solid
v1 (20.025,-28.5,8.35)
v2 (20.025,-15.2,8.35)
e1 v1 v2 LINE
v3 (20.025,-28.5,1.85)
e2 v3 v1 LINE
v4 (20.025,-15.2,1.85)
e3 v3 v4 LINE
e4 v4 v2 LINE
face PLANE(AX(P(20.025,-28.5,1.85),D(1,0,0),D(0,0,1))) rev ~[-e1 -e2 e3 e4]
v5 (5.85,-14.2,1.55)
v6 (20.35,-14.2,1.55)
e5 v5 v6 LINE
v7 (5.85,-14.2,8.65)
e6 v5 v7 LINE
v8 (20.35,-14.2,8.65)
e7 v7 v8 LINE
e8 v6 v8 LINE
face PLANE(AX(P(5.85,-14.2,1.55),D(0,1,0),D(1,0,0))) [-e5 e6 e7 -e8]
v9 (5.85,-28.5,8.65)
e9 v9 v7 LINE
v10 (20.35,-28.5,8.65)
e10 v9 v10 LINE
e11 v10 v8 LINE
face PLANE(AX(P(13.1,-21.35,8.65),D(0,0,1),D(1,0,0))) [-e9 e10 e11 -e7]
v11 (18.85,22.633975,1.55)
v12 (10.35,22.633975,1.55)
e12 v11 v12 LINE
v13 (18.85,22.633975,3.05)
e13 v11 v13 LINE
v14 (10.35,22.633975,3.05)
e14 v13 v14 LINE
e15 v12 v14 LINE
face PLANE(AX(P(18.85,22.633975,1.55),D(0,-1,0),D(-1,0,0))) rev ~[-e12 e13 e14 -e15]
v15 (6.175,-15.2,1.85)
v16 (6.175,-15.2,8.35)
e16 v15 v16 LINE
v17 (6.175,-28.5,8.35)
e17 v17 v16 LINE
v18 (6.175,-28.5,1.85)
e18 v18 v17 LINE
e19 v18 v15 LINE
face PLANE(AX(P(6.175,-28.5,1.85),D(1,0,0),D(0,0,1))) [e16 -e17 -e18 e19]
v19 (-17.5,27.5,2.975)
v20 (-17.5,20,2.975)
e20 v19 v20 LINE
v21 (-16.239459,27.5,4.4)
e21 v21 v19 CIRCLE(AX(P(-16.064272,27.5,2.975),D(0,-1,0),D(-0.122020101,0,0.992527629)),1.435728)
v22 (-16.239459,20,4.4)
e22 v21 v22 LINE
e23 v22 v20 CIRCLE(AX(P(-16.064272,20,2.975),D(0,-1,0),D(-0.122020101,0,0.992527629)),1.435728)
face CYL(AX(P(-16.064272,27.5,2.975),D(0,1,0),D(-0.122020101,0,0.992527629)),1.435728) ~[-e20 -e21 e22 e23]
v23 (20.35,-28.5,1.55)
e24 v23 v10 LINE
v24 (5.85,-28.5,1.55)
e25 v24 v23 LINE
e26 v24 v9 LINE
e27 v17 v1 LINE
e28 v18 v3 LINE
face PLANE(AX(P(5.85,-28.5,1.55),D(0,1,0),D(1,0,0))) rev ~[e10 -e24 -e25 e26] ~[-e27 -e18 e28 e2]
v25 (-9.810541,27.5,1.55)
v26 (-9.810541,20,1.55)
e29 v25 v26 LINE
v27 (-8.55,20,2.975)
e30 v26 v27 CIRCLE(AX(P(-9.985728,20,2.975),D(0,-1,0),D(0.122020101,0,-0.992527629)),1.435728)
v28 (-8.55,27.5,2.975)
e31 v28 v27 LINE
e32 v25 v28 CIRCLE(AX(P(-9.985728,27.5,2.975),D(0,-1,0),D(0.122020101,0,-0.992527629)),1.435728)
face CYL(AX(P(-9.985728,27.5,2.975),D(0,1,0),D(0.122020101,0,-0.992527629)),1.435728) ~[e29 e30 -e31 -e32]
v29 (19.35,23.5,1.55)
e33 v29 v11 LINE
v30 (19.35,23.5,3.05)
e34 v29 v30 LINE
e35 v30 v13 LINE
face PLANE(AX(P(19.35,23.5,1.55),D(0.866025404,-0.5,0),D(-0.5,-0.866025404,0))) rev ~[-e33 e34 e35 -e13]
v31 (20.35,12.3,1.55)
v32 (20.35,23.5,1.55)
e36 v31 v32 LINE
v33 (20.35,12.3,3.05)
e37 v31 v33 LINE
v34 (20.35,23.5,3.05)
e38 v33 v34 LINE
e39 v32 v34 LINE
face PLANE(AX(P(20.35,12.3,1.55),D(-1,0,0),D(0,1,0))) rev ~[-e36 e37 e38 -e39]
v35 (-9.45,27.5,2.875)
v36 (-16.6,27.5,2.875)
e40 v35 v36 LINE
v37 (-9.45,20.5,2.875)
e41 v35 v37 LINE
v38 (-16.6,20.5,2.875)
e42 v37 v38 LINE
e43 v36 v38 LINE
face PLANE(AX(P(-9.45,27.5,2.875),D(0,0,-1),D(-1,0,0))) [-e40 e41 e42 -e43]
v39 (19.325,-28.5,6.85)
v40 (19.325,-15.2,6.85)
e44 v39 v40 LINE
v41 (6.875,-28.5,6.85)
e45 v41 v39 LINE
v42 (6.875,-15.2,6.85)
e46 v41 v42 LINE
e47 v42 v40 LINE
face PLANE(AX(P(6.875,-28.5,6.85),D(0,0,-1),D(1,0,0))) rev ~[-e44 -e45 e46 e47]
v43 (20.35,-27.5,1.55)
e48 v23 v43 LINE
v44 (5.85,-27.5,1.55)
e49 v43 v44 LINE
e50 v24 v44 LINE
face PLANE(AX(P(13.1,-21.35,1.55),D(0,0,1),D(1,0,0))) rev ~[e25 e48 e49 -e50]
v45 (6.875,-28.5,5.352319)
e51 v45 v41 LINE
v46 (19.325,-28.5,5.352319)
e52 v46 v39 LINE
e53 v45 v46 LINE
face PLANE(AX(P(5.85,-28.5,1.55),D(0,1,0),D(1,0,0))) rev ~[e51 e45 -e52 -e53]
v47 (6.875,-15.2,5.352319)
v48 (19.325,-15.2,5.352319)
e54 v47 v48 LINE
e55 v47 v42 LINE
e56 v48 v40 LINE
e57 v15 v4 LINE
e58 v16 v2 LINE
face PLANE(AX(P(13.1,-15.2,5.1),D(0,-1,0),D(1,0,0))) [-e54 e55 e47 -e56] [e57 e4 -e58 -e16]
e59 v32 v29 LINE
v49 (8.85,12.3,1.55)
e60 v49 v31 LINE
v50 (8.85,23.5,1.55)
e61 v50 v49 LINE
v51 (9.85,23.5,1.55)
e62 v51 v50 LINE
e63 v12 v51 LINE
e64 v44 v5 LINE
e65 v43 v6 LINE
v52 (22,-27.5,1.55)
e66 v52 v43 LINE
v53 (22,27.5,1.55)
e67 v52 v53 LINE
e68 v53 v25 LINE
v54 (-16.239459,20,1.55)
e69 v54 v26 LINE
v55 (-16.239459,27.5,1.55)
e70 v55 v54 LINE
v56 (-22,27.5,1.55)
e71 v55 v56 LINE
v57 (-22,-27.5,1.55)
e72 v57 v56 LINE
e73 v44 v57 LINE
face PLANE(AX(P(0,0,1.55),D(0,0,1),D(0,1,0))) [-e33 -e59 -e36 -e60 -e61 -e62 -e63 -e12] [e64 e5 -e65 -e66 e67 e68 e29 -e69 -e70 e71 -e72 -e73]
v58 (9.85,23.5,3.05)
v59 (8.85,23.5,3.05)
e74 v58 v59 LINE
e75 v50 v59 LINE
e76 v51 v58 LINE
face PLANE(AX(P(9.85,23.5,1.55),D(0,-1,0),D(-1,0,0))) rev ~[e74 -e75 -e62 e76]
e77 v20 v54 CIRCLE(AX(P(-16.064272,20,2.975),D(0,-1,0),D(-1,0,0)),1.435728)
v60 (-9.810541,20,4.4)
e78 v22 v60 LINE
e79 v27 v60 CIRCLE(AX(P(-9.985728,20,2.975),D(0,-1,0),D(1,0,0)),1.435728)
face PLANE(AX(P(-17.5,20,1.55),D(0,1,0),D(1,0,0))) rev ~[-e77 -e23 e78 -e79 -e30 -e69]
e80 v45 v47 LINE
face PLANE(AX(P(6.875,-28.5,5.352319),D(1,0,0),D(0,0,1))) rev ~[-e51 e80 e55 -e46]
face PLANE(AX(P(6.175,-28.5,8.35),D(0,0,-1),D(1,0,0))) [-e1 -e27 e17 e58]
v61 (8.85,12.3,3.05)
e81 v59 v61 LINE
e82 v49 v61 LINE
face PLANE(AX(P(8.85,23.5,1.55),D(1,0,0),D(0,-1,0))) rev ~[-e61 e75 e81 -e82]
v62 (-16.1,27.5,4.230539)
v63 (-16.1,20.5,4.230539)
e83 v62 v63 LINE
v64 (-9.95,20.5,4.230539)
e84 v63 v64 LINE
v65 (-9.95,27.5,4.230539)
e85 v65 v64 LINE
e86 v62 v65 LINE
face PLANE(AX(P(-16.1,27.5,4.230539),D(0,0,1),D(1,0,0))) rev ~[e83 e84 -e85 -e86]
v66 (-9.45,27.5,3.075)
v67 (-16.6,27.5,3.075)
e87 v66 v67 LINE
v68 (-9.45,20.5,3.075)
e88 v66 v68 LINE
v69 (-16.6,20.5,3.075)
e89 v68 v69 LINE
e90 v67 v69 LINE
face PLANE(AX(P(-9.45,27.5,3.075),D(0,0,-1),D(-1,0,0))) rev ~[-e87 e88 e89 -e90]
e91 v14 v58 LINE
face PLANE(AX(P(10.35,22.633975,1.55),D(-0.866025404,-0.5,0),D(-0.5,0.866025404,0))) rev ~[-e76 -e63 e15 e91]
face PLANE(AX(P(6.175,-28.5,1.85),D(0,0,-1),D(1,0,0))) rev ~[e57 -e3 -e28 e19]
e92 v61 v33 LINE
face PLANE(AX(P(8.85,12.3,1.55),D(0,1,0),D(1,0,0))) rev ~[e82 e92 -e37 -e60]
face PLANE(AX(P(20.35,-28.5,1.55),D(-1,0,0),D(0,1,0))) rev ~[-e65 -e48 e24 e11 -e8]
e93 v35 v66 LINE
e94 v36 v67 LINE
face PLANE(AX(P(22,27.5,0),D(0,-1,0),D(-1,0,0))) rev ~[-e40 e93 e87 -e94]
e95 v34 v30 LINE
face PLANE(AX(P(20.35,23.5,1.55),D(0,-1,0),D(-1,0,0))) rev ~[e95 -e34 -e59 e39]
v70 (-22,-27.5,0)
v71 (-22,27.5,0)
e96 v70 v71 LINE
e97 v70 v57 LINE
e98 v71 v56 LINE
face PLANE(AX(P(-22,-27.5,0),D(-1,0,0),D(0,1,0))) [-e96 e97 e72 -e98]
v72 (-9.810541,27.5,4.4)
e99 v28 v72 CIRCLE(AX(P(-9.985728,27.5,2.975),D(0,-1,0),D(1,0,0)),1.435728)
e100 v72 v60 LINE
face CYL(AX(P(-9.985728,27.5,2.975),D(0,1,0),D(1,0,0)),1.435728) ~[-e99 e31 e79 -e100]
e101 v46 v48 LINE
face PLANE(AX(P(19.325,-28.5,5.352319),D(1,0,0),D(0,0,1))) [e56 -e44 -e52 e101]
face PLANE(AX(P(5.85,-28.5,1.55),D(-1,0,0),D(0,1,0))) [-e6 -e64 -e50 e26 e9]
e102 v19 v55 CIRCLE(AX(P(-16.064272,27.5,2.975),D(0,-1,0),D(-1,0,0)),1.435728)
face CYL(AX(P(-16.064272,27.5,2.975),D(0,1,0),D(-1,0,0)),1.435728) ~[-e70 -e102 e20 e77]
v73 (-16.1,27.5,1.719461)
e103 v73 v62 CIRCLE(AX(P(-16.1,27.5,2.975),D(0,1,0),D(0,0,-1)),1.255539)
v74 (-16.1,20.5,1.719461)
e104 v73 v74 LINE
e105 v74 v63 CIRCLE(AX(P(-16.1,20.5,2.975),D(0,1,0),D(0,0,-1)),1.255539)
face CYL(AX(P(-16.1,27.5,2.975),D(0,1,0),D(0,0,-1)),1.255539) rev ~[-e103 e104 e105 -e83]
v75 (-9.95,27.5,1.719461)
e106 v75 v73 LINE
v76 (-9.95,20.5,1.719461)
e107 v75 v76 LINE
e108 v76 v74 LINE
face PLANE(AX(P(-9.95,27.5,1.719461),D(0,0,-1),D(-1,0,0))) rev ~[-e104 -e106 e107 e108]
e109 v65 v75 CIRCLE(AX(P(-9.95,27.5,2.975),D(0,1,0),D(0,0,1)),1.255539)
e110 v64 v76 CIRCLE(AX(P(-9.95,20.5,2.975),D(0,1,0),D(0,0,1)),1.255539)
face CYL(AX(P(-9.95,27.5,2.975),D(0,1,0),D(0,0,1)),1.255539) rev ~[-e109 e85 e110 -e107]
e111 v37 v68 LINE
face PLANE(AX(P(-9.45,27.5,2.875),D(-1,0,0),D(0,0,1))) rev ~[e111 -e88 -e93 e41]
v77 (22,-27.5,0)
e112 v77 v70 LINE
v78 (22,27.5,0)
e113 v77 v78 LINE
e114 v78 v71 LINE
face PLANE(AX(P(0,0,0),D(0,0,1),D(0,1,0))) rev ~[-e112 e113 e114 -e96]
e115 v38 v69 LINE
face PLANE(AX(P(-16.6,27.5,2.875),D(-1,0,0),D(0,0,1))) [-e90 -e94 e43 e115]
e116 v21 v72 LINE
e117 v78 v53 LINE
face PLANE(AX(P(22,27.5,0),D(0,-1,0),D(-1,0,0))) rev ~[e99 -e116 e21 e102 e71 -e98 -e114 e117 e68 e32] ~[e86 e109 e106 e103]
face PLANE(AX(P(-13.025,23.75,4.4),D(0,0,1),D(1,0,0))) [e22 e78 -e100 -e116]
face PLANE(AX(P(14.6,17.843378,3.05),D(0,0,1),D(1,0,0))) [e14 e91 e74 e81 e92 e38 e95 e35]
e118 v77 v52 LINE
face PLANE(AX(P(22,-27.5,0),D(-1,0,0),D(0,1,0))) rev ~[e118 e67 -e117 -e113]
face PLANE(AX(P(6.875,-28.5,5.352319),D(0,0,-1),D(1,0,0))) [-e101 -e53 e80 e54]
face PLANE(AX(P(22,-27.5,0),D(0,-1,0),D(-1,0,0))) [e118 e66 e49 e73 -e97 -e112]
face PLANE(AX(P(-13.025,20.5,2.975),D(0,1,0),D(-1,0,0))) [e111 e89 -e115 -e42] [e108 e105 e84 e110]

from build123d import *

# Parameters (mm, degrees)
SKETCH1_W           = 55
SKETCH1_H           = 44
BOSS_EXTRUDE1_DEPTH = 1.55
SKETCH2_W           = 14.5
SKETCH2_H           = 14.3
BOSS_EXTRUDE2_DEPTH = 7.1
SKETCH3_W           = 13.85
SKETCH3_H           = 6.5
SKETCH3_W_2         = 12.45
SKETCH3_H_2         = 1.497681088
CUT_EXTRUDE1_DEPTH  = 13.3
SKETCH4_W           = 8.95
SKETCH4_H           = 7.5
BOSS_EXTRUDE3_DEPTH = 2.85
CUT_EXTRUDE2_DEPTH  = 7.5
SKETCH5_3_W         = 7.15
SKETCH5_3_H         = 0.2
CUT_EXTRUDE3_DEPTH  = 7
BOSS_EXTRUDE4_DEPTH = 1.5


with BuildPart() as part:
    # Sketch1 → Boss-Extrude1 (new body)
    with BuildSketch(Plane(origin=(0, 0, 0), x_dir=(0, 1, 0), z_dir=(0, 0, 1))):
        Rectangle(SKETCH1_W, SKETCH1_H)
    extrude(amount=BOSS_EXTRUDE1_DEPTH)

    # Sketch2 → Boss-Extrude2 (add)
    with BuildSketch(Plane.XY.offset(1.55)):
        with Locations((13.1, -21.35)):
            Rectangle(SKETCH2_W, SKETCH2_H)
    extrude(amount=BOSS_EXTRUDE2_DEPTH)

    # Sketch3 → Cut-Extrude1 (cut)
    with BuildSketch(Plane.XZ.offset(28.5)):
        with Locations((13.1, 5.1)):
            Rectangle(SKETCH3_W, SKETCH3_H)
        with Locations((13.1, 6.101159456)):
            Rectangle(SKETCH3_W_2, SKETCH3_H_2, mode=Mode.SUBTRACT)
    extrude(amount=-CUT_EXTRUDE1_DEPTH, mode=Mode.SUBTRACT)

    # Sketch4 → Boss-Extrude3 (add)
    with BuildSketch(Plane.XY.offset(1.55)):
        with Locations((-13.025, 23.75)):
            Rectangle(SKETCH4_W, SKETCH4_H)
    extrude(amount=BOSS_EXTRUDE3_DEPTH)

    # Sketch5 → Cut-Extrude2 (cut)
    with BuildSketch(Plane(origin=(0, 27.5, 0), x_dir=(-1, 0, 0), z_dir=(0, 1, 0))):
        with BuildLine():
            Line((8.55, 4.4), (8.55, 2.975))
            ThreePointArc((8.55, 2.975), (8.910359128, 3.926260685), (9.810540583, 4.4))
            Line((9.810540583, 4.4), (8.55, 4.4))
        make_face()
        with BuildLine():
            Line((8.55, 1.55), (9.810540583, 1.55))
            ThreePointArc((9.810540583, 1.55), (8.910359128, 2.023739315), (8.55, 2.975))
            Line((8.55, 2.975), (8.55, 1.55))
        make_face()
        with BuildLine():
            Line((17.5, 1.55), (17.5, 2.975))
            ThreePointArc((17.5, 2.975), (17.139640872, 2.023739315), (16.239459417, 1.55))
            Line((16.239459417, 1.55), (17.5, 1.55))
        make_face()
        with BuildLine():
            Line((17.5, 4.4), (16.239459417, 4.4))
            ThreePointArc((16.239459417, 4.4), (17.139640872, 3.926260685), (17.5, 2.975))
            Line((17.5, 2.975), (17.5, 4.4))
        make_face()
    extrude(amount=-CUT_EXTRUDE2_DEPTH, mode=Mode.SUBTRACT)

    # Sketch5<3> → Cut-Extrude3 (cut)
    with BuildSketch(Plane(origin=(0, 27.5, 0), x_dir=(-1, 0, 0), z_dir=(0, 1, 0))):
        with BuildLine():
            Line((9.95, 1.719461162), (16.1, 1.719461162))
            ThreePointArc((16.1, 1.719461162), (17.355538838, 2.975), (16.1, 4.230538838))
            Line((16.1, 4.230538838), (9.95, 4.230538838))
            ThreePointArc((9.95, 4.230538838), (8.694461162, 2.975), (9.95, 1.719461162))
        make_face()
        with Locations((13.025, 2.975)):
            Rectangle(SKETCH5_3_W, SKETCH5_3_H, mode=Mode.SUBTRACT)
    extrude(amount=-CUT_EXTRUDE3_DEPTH, mode=Mode.SUBTRACT)

    # Sketch6 → Boss-Extrude4 (add)
    with BuildSketch(Plane.XY.offset(1.55)):
        Polygon((19.35, 23.5), (18.85, 22.633974596), (10.35, 22.633974596), (9.85, 23.5), (8.85, 23.5), (8.85, 12.3), (20.35, 12.3), (20.35, 23.5), align=None)
    extrude(amount=BOSS_EXTRUDE4_DEPTH)


solid = part.part
